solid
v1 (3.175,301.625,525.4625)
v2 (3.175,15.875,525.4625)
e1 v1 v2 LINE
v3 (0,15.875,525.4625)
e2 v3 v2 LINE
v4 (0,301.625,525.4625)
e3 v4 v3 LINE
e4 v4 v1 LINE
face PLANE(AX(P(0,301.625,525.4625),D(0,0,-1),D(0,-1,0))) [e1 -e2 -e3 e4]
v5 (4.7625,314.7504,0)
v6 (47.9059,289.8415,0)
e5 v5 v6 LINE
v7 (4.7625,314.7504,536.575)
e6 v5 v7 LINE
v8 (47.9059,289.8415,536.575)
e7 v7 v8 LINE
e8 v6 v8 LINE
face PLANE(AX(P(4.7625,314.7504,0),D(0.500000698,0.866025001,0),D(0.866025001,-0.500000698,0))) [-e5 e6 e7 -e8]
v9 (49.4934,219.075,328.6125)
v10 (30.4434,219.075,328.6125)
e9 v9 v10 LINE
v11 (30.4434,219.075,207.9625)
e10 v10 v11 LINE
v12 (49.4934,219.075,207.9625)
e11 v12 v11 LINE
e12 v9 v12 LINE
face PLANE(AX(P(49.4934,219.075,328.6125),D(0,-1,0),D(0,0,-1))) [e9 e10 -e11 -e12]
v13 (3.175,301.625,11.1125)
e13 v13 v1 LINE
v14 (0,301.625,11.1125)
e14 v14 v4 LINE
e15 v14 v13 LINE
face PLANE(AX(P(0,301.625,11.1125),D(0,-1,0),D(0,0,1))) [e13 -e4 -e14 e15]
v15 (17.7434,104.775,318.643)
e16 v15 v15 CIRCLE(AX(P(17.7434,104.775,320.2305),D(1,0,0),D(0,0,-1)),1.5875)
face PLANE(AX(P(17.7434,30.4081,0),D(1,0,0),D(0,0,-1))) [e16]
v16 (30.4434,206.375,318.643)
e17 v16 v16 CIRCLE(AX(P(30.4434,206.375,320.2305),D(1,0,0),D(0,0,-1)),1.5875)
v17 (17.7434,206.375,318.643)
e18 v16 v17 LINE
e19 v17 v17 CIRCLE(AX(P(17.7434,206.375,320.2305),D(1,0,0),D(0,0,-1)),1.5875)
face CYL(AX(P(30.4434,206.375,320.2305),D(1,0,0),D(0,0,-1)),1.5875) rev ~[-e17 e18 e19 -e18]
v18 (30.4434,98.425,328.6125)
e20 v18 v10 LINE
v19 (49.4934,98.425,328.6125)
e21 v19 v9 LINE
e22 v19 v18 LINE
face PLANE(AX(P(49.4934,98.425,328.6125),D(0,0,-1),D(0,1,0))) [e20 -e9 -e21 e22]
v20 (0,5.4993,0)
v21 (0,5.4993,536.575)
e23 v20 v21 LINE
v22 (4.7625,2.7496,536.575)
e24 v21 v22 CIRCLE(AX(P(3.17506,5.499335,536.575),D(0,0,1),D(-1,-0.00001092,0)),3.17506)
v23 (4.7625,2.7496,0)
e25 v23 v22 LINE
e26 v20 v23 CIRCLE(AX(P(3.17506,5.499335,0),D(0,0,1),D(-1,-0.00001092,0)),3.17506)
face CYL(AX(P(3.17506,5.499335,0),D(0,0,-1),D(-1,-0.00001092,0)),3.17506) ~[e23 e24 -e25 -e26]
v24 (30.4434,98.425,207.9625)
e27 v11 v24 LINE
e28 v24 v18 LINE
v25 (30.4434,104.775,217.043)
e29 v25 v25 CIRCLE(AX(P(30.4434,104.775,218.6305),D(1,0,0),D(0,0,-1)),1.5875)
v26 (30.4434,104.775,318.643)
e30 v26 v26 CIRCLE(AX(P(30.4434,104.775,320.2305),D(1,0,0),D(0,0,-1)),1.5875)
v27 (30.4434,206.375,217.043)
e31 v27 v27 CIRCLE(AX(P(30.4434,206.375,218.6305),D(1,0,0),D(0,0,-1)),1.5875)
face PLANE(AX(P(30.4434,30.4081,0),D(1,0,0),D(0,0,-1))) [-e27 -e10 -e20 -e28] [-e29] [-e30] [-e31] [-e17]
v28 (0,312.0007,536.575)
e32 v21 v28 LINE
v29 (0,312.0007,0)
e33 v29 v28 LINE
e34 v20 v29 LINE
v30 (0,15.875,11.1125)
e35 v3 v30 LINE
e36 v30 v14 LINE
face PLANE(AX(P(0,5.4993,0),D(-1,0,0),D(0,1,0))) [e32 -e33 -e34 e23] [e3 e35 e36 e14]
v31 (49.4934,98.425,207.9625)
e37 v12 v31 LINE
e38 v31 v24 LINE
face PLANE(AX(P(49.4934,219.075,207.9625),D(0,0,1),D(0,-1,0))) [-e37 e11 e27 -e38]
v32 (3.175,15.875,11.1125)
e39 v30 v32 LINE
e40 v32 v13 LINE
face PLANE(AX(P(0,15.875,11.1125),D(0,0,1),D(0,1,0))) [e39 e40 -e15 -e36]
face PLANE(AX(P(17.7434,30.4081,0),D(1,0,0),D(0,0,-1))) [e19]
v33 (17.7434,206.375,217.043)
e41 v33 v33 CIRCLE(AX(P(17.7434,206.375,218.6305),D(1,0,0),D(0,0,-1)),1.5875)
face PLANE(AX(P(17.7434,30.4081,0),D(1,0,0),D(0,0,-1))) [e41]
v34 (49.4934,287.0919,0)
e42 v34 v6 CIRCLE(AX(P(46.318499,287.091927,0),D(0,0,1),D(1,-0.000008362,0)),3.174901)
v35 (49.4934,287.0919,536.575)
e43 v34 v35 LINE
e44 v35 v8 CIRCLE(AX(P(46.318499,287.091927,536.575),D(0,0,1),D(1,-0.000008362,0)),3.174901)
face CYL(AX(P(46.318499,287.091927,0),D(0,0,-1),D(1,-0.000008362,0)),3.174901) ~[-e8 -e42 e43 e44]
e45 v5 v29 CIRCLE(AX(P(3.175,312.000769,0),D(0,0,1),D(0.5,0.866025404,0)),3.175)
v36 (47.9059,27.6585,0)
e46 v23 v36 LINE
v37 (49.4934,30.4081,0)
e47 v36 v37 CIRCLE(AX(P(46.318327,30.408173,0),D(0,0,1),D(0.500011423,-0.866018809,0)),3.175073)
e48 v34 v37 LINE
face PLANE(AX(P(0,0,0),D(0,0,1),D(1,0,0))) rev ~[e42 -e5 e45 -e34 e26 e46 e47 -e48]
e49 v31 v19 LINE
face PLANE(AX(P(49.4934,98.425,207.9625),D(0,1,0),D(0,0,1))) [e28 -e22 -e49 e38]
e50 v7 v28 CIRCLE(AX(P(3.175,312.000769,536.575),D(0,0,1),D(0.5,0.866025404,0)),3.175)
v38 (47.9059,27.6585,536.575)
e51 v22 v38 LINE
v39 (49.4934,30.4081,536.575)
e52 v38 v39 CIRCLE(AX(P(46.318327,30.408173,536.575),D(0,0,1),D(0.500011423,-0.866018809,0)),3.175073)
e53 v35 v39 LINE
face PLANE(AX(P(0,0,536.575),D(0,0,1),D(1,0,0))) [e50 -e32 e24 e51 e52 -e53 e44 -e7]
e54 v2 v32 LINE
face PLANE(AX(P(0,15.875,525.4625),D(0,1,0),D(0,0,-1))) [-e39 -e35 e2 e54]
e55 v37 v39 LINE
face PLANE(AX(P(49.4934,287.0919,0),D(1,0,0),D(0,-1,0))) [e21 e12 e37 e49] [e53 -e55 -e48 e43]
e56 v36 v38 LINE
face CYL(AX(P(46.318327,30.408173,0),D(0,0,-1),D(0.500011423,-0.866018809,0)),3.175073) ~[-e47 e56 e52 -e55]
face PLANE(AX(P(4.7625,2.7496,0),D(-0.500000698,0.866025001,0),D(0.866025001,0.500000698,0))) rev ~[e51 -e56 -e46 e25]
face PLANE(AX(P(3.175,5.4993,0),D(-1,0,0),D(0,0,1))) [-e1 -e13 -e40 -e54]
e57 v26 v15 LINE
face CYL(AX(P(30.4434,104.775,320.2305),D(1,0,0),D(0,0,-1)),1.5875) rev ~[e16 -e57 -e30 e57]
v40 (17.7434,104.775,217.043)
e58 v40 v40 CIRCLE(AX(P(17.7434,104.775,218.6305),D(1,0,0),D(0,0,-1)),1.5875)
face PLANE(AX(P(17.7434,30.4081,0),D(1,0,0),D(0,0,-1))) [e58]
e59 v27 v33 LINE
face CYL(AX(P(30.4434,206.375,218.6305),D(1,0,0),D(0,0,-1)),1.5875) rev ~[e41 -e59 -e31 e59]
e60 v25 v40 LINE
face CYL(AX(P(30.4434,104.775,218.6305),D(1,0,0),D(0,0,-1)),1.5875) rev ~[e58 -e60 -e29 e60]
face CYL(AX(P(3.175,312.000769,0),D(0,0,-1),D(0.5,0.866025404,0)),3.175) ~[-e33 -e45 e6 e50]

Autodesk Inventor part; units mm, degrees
ref_plane "YZ Plane" through (0, 0, 0) normal (1, 0, 0) x (0, 1, 0)
ref_plane "XZ Plane" through (0, 0, 0) normal (0, 1, 0) x (-1, 0, 0)
ref_plane "XY Plane" through (0, 0, 0) normal (0, 0, 1) x (1, 0, 0)
sketch "Sketch1" plane through (0, 0, 0) normal (0, 0, 1) x (1, 0, 0)
  line L0 (0, 5.4993) -> (0, 312.0007)
  line L1 (4.7625, 314.7504) -> (47.9059, 289.8415)
  line L2 (0, 158.75) -> (212.725, 158.75) construction
  line L3 (4.7625, 2.7496) -> (47.9059, 27.6585)
  line L4 (49.4934, 287.0919) -> (49.4934, 30.4081)
  arc A0 (49.4934, 287.0919) -> (47.9059, 289.8415) centre (46.3184, 287.0919) ccw
  arc A1 (47.9059, 27.6585) -> (49.4934, 30.4081) centre (46.3184, 30.4081) ccw
  arc A2 (0, 5.4993) -> (4.7625, 2.7496) centre (3.175, 5.4993) ccw
  arc A3 (4.7625, 314.7504) -> (0, 312.0007) centre (3.175, 312.0007) ccw
  point P0 (0, 0)
  point P1 (0, 317.5)
  point P2 (49.4934, 288.925)
  point P3 (49.4934, 28.575)
  dimension "d0" = 317.5
  dimension "d1" = 57.15
  dimension "d2" = 60
  dimension "d3" = 3.175
  dimension "d4" = 3.175
extrude "Extrusion1" add sketch "Sketch1" along normal blind 536.575
sketch "Sketch4" plane through (49.4934, 30.4081, 0) normal (1, 0, 0) x (0, 0, -1)
  line L0 (-536.575, 0) -> (-536.575, 256.6838) construction
  line L1 (-536.575, 128.3419) -> (0, 128.3419) construction
  line L2 (0, 0) -> (0, 256.6838) construction
  line L3 (0, 256.6838) -> (-536.575, 256.6838) construction
  line L4 (-268.2875, 256.6838) -> (-268.2875, 0) construction
  line L5 (0, 0) -> (-536.575, 0) construction
  line L6 (-328.6125, 188.6669) -> (-207.9625, 188.6669)
  line L7 (-207.9625, 188.6669) -> (-207.9625, 68.0169)
  line L8 (-207.9625, 68.0169) -> (-328.6125, 68.0169)
  line L9 (-328.6125, 68.0169) -> (-328.6125, 188.6669)
  line L10 (-328.6125, 188.6669) -> (-207.9625, 68.0169) construction
  line L11 (-207.9625, 188.6669) -> (-328.6125, 68.0169) construction
  point P0 (0, -30.4081)
  point P1 (-268.2875, 128.3419)
  dimension "d9" = 120.65
  dimension "d10" = 120.65
extrude "Extrusion2" cut sketch "Sketch4" against normal blind 19.05
sketch "Sketch5" plane through (30.4434, 30.4081, 0) normal (1, 0, 0) x (0, 0, -1)
  circle A0 centre (-218.6305, 175.9669) radius 1.5875
  circle A1 centre (-320.2305, 175.9669) radius 1.5875
  circle A2 centre (-218.6305, 74.3669) radius 1.5875
  circle A3 centre (-320.2305, 74.3669) radius 1.5875
  line L0 (-328.6125, 68.0169) -> (-328.6125, 188.6669) projected
  line L1 (-207.9625, 68.0169) -> (-328.6125, 68.0169) projected
  line L2 (-320.2305, 175.9669) -> (-218.6305, 175.9669) construction
  line L3 (-218.6305, 175.9669) -> (-218.6305, 74.3669) construction
  line L4 (-218.6305, 74.3669) -> (-320.2305, 74.3669) construction
  line L5 (-320.2305, 74.3669) -> (-320.2305, 175.9669) construction
  point P0 (0, -30.4081)
  dimension "d13" = 3.175
  dimension "d14" = 3.175
  dimension "d15" = 3.175
  dimension "d16" = 101.6
  dimension "d17" = 101.6
  dimension "d18" = 101.6
  dimension "d19" = 8.382
  dimension "d20" = 8.382
  dimension "d21" = 107.95
extrude "Extrusion3" cut sketch "Sketch5" against normal blind 12.7
sketch "Sketch6" plane through (0, 5.4993, 0) normal (-1, 0, 0) x (0, 0, 1)
  line L0 (0, 306.5015) -> (0, 0) construction
  line L1 (0, 153.2507) -> (536.575, 153.2507) construction
  line L2 (536.575, 24.9088) -> (536.575, 281.5927) construction
  line L3 (0, 309.6765) -> (536.575, 309.6765) construction
  line L4 (0, 0) -> (536.575, 0) construction
  line L5 (0, -3.175) -> (536.575, -3.175) construction
  line L6 (268.2875, -3.175) -> (268.2875, 309.6765) construction
  line L7 (11.1125, 296.1257) -> (525.4625, 296.1257)
  line L8 (525.4625, 296.1257) -> (525.4625, 10.3757)
  line L9 (525.4625, 10.3757) -> (11.1125, 10.3757)
  line L10 (11.1125, 10.3757) -> (11.1125, 296.1257)
  line L11 (11.1125, 296.1257) -> (525.4625, 10.3757) construction
  line L12 (525.4625, 296.1257) -> (11.1125, 10.3757) construction
  point P0 (0, -5.4993)
  point P1 (268.2875, 153.2507)
  dimension "d24" = 285.75
extrude "Extrusion4" cut sketch "Sketch6" against normal blind 3.175
properties part number "Monitor v1.0"
